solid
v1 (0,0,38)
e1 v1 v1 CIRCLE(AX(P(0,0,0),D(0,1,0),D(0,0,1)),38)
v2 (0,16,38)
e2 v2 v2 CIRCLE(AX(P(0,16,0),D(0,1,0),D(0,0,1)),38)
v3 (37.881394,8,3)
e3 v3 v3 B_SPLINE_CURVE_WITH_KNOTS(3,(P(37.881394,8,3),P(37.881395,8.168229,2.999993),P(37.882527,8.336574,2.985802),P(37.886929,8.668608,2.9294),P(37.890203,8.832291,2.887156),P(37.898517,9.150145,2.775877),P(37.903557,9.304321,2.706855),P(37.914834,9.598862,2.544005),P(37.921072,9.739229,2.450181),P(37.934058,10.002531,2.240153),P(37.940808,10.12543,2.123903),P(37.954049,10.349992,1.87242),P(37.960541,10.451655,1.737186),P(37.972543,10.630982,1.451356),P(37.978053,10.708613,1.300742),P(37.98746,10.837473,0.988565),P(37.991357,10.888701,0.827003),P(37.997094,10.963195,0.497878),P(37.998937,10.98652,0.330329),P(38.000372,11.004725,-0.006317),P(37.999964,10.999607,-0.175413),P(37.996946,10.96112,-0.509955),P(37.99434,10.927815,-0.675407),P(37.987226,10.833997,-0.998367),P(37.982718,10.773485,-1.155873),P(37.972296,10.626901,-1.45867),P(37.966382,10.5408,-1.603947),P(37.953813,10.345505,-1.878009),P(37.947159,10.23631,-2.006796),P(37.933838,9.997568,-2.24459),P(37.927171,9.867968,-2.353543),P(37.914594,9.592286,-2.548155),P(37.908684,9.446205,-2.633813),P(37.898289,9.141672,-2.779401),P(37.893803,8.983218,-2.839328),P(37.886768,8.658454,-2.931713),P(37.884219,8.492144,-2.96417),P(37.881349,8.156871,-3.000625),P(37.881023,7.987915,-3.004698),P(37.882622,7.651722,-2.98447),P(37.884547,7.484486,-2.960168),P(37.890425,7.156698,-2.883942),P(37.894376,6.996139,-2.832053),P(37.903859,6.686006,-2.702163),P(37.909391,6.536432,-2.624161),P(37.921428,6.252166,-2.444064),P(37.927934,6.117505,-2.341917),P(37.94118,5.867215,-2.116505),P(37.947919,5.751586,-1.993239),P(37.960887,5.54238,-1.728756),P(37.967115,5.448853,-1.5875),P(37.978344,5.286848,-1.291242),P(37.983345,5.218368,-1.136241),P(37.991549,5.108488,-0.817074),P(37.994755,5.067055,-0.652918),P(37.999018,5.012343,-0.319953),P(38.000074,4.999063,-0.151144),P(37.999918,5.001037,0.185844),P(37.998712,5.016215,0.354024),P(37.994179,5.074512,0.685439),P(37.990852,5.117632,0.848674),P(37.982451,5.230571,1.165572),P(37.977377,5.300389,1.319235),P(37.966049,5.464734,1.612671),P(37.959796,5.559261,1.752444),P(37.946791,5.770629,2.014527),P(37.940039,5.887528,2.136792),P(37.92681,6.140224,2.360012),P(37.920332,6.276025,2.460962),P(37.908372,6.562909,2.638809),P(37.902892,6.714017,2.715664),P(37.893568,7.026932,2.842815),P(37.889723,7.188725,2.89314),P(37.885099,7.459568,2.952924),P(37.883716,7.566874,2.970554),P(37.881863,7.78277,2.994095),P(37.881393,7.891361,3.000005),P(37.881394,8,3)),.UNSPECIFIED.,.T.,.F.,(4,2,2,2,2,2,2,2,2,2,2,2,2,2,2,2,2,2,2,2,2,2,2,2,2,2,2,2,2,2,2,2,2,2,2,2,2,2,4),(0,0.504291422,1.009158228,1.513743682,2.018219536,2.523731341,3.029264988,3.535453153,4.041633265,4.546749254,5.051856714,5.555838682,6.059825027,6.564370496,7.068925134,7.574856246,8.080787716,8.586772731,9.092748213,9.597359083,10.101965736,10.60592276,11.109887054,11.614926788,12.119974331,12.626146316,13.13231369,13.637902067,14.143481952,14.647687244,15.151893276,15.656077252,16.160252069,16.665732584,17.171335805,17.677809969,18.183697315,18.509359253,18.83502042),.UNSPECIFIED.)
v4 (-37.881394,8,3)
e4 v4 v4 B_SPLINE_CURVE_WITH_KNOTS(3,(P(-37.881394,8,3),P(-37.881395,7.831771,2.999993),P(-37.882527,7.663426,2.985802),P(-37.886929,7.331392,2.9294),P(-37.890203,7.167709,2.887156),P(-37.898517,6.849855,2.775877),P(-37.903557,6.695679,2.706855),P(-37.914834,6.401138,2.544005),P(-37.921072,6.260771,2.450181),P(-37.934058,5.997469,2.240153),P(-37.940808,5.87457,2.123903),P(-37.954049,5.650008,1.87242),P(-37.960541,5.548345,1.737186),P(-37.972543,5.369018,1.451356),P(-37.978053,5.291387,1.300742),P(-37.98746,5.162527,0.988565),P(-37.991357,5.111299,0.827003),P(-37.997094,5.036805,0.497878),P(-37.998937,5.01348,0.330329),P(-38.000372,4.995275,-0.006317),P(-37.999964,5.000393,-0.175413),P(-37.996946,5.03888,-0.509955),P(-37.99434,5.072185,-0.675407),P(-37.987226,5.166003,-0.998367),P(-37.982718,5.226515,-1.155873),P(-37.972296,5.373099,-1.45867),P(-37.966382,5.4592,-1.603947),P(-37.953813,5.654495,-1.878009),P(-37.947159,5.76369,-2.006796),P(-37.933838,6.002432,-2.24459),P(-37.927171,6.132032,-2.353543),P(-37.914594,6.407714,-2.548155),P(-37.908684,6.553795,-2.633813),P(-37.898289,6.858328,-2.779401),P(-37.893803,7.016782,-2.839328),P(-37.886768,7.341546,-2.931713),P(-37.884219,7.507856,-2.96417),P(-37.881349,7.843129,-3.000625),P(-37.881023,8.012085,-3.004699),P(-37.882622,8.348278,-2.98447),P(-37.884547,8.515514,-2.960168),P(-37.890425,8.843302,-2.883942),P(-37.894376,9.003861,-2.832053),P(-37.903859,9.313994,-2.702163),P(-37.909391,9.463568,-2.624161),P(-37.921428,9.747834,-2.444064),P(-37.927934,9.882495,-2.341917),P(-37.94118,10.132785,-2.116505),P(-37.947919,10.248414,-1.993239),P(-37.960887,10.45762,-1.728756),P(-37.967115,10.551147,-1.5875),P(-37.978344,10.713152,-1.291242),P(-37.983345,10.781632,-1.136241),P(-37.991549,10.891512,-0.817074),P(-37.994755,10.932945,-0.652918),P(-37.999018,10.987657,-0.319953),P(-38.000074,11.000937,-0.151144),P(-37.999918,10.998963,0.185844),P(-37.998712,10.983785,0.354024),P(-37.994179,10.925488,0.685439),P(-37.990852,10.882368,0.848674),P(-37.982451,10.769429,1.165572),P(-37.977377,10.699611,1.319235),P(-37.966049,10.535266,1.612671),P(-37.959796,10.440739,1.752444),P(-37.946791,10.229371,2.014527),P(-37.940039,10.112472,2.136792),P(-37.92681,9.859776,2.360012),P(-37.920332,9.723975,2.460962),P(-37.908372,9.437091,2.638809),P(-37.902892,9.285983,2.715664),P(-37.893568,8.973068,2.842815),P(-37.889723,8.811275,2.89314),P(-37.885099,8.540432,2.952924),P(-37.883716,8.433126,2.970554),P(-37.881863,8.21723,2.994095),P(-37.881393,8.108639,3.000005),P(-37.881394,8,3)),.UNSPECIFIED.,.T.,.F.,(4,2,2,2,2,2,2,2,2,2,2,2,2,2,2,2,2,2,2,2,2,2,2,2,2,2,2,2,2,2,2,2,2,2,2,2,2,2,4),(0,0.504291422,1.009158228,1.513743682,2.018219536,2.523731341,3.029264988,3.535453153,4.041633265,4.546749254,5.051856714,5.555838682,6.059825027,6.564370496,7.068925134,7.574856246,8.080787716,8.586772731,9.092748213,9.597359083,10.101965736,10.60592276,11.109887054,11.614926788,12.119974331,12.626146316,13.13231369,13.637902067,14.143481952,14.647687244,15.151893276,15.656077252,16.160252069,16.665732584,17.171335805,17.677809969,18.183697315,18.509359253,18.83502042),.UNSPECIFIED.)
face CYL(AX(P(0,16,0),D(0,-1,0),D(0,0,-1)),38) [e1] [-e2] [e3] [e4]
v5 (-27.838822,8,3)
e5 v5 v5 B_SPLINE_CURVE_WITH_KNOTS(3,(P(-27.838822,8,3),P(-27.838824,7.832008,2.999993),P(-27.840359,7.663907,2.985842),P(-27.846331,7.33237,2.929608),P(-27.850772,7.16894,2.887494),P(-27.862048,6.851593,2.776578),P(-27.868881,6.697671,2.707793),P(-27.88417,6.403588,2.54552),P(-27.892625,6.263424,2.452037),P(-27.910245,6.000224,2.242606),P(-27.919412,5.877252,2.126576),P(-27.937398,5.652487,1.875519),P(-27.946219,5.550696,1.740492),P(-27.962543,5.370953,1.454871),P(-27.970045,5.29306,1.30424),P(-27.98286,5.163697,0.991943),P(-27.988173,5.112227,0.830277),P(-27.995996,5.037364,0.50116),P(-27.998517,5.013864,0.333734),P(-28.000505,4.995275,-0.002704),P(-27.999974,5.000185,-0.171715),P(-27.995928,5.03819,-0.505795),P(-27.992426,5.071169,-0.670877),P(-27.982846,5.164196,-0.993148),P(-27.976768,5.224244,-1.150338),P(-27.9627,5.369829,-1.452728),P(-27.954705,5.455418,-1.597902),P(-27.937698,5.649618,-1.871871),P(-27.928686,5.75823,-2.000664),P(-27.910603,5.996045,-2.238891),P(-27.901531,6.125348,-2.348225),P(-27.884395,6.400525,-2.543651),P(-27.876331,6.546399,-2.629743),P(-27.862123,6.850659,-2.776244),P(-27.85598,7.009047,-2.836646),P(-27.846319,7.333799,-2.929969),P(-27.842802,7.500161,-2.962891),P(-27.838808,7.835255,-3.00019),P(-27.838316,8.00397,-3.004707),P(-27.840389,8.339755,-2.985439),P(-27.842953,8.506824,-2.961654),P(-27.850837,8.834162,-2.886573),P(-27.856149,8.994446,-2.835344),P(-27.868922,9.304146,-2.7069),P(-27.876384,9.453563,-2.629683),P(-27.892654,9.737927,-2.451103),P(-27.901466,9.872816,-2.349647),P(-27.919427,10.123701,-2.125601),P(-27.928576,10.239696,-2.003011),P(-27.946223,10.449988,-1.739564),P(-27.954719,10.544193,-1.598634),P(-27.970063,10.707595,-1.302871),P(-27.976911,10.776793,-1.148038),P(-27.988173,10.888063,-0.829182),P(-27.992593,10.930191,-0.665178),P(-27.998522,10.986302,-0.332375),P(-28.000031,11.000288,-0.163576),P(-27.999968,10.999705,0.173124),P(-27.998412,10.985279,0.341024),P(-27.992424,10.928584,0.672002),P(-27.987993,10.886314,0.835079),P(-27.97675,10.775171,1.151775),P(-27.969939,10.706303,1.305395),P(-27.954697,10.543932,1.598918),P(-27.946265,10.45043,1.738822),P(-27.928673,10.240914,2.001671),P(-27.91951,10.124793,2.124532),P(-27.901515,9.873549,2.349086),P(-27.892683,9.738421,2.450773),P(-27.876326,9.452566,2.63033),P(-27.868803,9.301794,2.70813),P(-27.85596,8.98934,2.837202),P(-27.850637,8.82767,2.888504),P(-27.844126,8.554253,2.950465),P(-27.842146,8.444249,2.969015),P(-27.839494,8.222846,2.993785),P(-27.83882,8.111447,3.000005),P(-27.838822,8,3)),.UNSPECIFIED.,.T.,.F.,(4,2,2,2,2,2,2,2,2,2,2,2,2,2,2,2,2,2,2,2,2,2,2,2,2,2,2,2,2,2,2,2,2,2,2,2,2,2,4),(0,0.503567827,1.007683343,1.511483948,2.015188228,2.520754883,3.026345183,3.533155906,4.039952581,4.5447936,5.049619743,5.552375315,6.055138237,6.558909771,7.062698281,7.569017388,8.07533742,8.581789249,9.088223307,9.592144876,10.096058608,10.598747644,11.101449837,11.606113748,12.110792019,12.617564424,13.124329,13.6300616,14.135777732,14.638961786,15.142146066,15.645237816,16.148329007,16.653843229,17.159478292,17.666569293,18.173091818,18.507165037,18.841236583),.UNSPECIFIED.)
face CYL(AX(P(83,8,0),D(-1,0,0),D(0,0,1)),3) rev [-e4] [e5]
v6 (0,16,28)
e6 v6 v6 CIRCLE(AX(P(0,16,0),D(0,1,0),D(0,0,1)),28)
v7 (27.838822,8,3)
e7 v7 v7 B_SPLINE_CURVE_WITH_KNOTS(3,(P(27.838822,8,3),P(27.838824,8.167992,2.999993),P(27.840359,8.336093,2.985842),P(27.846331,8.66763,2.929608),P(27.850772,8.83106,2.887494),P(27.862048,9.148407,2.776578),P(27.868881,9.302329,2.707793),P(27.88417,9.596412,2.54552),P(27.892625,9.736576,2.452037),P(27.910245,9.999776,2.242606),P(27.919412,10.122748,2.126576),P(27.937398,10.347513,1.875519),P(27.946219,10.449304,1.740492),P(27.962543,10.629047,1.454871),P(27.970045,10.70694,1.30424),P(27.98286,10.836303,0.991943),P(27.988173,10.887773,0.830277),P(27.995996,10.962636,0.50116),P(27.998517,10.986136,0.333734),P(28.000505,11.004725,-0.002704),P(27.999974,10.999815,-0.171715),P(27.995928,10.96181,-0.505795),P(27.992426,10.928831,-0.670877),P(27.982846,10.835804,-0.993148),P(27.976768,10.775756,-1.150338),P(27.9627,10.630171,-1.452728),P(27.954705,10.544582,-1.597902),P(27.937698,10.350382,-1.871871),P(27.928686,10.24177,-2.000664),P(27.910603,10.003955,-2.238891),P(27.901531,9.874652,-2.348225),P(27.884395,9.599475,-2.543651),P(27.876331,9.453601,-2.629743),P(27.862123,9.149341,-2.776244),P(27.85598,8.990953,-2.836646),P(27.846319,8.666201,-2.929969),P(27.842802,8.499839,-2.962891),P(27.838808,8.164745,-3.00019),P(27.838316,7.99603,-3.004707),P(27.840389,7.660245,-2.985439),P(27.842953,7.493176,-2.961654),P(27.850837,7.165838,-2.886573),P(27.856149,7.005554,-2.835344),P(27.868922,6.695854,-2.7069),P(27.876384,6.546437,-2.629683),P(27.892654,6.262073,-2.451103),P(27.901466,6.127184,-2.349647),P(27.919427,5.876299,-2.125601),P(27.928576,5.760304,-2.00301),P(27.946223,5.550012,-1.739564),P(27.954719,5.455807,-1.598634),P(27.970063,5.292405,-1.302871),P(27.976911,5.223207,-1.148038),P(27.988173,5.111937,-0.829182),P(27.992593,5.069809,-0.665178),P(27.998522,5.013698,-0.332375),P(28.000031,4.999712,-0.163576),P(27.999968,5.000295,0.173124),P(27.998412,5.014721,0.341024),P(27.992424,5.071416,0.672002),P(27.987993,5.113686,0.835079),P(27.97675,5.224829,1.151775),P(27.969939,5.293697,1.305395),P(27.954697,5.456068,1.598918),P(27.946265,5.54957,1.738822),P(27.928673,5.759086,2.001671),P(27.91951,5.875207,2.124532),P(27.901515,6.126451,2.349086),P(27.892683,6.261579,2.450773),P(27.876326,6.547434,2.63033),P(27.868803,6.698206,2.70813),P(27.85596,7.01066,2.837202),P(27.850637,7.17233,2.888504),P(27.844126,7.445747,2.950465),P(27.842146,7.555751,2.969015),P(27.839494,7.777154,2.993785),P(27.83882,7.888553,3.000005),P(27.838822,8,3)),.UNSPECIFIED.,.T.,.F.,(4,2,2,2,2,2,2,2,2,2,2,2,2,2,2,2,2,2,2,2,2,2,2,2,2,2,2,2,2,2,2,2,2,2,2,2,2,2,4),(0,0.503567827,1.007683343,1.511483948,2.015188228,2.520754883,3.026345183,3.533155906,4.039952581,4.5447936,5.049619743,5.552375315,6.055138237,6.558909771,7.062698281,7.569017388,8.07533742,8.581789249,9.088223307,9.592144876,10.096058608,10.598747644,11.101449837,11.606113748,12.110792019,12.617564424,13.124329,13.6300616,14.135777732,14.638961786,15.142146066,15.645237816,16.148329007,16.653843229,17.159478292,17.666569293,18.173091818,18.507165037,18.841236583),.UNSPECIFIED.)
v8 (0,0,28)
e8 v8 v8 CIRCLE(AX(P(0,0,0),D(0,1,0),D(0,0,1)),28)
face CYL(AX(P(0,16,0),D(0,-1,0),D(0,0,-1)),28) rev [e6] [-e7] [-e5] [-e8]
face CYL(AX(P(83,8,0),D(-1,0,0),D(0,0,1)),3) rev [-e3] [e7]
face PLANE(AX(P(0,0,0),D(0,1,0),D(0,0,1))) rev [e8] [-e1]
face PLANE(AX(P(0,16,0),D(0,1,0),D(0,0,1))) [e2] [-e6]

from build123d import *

# Parameters (mm, degrees)
SKETCH_1_R          = 38
SKETCH_1_R_2        = 28
EXTRUDE_1_DEPTH     = 16
SKETCH_2_R          = 3
CUT_EXTRUDE_1_DEPTH = 131


with BuildPart() as part:
    # Эскиз1 → Вытянуть1 (new body)
    with BuildSketch(Plane(origin=(0, 0, 0), x_dir=(1, 0, 0), z_dir=(0, 1, 0))):
        with Locations(Location((0, 0, 0), (0, 0, 270))):
            Circle(SKETCH_1_R)
        with Locations(Location((0, 0, 0), (0, 0, 270))):
            Circle(SKETCH_1_R_2, mode=Mode.SUBTRACT)
    extrude(amount=EXTRUDE_1_DEPTH)

    # Эскиз2 → Вырез-Вытянуть1 (cut, symmetric)
    with BuildSketch(Plane.ZY.offset(48)):
        with Locations((0, 8)):
            Circle(SKETCH_2_R)
    extrude(amount=CUT_EXTRUDE_1_DEPTH, both=True, mode=Mode.SUBTRACT)


solid = part.part
